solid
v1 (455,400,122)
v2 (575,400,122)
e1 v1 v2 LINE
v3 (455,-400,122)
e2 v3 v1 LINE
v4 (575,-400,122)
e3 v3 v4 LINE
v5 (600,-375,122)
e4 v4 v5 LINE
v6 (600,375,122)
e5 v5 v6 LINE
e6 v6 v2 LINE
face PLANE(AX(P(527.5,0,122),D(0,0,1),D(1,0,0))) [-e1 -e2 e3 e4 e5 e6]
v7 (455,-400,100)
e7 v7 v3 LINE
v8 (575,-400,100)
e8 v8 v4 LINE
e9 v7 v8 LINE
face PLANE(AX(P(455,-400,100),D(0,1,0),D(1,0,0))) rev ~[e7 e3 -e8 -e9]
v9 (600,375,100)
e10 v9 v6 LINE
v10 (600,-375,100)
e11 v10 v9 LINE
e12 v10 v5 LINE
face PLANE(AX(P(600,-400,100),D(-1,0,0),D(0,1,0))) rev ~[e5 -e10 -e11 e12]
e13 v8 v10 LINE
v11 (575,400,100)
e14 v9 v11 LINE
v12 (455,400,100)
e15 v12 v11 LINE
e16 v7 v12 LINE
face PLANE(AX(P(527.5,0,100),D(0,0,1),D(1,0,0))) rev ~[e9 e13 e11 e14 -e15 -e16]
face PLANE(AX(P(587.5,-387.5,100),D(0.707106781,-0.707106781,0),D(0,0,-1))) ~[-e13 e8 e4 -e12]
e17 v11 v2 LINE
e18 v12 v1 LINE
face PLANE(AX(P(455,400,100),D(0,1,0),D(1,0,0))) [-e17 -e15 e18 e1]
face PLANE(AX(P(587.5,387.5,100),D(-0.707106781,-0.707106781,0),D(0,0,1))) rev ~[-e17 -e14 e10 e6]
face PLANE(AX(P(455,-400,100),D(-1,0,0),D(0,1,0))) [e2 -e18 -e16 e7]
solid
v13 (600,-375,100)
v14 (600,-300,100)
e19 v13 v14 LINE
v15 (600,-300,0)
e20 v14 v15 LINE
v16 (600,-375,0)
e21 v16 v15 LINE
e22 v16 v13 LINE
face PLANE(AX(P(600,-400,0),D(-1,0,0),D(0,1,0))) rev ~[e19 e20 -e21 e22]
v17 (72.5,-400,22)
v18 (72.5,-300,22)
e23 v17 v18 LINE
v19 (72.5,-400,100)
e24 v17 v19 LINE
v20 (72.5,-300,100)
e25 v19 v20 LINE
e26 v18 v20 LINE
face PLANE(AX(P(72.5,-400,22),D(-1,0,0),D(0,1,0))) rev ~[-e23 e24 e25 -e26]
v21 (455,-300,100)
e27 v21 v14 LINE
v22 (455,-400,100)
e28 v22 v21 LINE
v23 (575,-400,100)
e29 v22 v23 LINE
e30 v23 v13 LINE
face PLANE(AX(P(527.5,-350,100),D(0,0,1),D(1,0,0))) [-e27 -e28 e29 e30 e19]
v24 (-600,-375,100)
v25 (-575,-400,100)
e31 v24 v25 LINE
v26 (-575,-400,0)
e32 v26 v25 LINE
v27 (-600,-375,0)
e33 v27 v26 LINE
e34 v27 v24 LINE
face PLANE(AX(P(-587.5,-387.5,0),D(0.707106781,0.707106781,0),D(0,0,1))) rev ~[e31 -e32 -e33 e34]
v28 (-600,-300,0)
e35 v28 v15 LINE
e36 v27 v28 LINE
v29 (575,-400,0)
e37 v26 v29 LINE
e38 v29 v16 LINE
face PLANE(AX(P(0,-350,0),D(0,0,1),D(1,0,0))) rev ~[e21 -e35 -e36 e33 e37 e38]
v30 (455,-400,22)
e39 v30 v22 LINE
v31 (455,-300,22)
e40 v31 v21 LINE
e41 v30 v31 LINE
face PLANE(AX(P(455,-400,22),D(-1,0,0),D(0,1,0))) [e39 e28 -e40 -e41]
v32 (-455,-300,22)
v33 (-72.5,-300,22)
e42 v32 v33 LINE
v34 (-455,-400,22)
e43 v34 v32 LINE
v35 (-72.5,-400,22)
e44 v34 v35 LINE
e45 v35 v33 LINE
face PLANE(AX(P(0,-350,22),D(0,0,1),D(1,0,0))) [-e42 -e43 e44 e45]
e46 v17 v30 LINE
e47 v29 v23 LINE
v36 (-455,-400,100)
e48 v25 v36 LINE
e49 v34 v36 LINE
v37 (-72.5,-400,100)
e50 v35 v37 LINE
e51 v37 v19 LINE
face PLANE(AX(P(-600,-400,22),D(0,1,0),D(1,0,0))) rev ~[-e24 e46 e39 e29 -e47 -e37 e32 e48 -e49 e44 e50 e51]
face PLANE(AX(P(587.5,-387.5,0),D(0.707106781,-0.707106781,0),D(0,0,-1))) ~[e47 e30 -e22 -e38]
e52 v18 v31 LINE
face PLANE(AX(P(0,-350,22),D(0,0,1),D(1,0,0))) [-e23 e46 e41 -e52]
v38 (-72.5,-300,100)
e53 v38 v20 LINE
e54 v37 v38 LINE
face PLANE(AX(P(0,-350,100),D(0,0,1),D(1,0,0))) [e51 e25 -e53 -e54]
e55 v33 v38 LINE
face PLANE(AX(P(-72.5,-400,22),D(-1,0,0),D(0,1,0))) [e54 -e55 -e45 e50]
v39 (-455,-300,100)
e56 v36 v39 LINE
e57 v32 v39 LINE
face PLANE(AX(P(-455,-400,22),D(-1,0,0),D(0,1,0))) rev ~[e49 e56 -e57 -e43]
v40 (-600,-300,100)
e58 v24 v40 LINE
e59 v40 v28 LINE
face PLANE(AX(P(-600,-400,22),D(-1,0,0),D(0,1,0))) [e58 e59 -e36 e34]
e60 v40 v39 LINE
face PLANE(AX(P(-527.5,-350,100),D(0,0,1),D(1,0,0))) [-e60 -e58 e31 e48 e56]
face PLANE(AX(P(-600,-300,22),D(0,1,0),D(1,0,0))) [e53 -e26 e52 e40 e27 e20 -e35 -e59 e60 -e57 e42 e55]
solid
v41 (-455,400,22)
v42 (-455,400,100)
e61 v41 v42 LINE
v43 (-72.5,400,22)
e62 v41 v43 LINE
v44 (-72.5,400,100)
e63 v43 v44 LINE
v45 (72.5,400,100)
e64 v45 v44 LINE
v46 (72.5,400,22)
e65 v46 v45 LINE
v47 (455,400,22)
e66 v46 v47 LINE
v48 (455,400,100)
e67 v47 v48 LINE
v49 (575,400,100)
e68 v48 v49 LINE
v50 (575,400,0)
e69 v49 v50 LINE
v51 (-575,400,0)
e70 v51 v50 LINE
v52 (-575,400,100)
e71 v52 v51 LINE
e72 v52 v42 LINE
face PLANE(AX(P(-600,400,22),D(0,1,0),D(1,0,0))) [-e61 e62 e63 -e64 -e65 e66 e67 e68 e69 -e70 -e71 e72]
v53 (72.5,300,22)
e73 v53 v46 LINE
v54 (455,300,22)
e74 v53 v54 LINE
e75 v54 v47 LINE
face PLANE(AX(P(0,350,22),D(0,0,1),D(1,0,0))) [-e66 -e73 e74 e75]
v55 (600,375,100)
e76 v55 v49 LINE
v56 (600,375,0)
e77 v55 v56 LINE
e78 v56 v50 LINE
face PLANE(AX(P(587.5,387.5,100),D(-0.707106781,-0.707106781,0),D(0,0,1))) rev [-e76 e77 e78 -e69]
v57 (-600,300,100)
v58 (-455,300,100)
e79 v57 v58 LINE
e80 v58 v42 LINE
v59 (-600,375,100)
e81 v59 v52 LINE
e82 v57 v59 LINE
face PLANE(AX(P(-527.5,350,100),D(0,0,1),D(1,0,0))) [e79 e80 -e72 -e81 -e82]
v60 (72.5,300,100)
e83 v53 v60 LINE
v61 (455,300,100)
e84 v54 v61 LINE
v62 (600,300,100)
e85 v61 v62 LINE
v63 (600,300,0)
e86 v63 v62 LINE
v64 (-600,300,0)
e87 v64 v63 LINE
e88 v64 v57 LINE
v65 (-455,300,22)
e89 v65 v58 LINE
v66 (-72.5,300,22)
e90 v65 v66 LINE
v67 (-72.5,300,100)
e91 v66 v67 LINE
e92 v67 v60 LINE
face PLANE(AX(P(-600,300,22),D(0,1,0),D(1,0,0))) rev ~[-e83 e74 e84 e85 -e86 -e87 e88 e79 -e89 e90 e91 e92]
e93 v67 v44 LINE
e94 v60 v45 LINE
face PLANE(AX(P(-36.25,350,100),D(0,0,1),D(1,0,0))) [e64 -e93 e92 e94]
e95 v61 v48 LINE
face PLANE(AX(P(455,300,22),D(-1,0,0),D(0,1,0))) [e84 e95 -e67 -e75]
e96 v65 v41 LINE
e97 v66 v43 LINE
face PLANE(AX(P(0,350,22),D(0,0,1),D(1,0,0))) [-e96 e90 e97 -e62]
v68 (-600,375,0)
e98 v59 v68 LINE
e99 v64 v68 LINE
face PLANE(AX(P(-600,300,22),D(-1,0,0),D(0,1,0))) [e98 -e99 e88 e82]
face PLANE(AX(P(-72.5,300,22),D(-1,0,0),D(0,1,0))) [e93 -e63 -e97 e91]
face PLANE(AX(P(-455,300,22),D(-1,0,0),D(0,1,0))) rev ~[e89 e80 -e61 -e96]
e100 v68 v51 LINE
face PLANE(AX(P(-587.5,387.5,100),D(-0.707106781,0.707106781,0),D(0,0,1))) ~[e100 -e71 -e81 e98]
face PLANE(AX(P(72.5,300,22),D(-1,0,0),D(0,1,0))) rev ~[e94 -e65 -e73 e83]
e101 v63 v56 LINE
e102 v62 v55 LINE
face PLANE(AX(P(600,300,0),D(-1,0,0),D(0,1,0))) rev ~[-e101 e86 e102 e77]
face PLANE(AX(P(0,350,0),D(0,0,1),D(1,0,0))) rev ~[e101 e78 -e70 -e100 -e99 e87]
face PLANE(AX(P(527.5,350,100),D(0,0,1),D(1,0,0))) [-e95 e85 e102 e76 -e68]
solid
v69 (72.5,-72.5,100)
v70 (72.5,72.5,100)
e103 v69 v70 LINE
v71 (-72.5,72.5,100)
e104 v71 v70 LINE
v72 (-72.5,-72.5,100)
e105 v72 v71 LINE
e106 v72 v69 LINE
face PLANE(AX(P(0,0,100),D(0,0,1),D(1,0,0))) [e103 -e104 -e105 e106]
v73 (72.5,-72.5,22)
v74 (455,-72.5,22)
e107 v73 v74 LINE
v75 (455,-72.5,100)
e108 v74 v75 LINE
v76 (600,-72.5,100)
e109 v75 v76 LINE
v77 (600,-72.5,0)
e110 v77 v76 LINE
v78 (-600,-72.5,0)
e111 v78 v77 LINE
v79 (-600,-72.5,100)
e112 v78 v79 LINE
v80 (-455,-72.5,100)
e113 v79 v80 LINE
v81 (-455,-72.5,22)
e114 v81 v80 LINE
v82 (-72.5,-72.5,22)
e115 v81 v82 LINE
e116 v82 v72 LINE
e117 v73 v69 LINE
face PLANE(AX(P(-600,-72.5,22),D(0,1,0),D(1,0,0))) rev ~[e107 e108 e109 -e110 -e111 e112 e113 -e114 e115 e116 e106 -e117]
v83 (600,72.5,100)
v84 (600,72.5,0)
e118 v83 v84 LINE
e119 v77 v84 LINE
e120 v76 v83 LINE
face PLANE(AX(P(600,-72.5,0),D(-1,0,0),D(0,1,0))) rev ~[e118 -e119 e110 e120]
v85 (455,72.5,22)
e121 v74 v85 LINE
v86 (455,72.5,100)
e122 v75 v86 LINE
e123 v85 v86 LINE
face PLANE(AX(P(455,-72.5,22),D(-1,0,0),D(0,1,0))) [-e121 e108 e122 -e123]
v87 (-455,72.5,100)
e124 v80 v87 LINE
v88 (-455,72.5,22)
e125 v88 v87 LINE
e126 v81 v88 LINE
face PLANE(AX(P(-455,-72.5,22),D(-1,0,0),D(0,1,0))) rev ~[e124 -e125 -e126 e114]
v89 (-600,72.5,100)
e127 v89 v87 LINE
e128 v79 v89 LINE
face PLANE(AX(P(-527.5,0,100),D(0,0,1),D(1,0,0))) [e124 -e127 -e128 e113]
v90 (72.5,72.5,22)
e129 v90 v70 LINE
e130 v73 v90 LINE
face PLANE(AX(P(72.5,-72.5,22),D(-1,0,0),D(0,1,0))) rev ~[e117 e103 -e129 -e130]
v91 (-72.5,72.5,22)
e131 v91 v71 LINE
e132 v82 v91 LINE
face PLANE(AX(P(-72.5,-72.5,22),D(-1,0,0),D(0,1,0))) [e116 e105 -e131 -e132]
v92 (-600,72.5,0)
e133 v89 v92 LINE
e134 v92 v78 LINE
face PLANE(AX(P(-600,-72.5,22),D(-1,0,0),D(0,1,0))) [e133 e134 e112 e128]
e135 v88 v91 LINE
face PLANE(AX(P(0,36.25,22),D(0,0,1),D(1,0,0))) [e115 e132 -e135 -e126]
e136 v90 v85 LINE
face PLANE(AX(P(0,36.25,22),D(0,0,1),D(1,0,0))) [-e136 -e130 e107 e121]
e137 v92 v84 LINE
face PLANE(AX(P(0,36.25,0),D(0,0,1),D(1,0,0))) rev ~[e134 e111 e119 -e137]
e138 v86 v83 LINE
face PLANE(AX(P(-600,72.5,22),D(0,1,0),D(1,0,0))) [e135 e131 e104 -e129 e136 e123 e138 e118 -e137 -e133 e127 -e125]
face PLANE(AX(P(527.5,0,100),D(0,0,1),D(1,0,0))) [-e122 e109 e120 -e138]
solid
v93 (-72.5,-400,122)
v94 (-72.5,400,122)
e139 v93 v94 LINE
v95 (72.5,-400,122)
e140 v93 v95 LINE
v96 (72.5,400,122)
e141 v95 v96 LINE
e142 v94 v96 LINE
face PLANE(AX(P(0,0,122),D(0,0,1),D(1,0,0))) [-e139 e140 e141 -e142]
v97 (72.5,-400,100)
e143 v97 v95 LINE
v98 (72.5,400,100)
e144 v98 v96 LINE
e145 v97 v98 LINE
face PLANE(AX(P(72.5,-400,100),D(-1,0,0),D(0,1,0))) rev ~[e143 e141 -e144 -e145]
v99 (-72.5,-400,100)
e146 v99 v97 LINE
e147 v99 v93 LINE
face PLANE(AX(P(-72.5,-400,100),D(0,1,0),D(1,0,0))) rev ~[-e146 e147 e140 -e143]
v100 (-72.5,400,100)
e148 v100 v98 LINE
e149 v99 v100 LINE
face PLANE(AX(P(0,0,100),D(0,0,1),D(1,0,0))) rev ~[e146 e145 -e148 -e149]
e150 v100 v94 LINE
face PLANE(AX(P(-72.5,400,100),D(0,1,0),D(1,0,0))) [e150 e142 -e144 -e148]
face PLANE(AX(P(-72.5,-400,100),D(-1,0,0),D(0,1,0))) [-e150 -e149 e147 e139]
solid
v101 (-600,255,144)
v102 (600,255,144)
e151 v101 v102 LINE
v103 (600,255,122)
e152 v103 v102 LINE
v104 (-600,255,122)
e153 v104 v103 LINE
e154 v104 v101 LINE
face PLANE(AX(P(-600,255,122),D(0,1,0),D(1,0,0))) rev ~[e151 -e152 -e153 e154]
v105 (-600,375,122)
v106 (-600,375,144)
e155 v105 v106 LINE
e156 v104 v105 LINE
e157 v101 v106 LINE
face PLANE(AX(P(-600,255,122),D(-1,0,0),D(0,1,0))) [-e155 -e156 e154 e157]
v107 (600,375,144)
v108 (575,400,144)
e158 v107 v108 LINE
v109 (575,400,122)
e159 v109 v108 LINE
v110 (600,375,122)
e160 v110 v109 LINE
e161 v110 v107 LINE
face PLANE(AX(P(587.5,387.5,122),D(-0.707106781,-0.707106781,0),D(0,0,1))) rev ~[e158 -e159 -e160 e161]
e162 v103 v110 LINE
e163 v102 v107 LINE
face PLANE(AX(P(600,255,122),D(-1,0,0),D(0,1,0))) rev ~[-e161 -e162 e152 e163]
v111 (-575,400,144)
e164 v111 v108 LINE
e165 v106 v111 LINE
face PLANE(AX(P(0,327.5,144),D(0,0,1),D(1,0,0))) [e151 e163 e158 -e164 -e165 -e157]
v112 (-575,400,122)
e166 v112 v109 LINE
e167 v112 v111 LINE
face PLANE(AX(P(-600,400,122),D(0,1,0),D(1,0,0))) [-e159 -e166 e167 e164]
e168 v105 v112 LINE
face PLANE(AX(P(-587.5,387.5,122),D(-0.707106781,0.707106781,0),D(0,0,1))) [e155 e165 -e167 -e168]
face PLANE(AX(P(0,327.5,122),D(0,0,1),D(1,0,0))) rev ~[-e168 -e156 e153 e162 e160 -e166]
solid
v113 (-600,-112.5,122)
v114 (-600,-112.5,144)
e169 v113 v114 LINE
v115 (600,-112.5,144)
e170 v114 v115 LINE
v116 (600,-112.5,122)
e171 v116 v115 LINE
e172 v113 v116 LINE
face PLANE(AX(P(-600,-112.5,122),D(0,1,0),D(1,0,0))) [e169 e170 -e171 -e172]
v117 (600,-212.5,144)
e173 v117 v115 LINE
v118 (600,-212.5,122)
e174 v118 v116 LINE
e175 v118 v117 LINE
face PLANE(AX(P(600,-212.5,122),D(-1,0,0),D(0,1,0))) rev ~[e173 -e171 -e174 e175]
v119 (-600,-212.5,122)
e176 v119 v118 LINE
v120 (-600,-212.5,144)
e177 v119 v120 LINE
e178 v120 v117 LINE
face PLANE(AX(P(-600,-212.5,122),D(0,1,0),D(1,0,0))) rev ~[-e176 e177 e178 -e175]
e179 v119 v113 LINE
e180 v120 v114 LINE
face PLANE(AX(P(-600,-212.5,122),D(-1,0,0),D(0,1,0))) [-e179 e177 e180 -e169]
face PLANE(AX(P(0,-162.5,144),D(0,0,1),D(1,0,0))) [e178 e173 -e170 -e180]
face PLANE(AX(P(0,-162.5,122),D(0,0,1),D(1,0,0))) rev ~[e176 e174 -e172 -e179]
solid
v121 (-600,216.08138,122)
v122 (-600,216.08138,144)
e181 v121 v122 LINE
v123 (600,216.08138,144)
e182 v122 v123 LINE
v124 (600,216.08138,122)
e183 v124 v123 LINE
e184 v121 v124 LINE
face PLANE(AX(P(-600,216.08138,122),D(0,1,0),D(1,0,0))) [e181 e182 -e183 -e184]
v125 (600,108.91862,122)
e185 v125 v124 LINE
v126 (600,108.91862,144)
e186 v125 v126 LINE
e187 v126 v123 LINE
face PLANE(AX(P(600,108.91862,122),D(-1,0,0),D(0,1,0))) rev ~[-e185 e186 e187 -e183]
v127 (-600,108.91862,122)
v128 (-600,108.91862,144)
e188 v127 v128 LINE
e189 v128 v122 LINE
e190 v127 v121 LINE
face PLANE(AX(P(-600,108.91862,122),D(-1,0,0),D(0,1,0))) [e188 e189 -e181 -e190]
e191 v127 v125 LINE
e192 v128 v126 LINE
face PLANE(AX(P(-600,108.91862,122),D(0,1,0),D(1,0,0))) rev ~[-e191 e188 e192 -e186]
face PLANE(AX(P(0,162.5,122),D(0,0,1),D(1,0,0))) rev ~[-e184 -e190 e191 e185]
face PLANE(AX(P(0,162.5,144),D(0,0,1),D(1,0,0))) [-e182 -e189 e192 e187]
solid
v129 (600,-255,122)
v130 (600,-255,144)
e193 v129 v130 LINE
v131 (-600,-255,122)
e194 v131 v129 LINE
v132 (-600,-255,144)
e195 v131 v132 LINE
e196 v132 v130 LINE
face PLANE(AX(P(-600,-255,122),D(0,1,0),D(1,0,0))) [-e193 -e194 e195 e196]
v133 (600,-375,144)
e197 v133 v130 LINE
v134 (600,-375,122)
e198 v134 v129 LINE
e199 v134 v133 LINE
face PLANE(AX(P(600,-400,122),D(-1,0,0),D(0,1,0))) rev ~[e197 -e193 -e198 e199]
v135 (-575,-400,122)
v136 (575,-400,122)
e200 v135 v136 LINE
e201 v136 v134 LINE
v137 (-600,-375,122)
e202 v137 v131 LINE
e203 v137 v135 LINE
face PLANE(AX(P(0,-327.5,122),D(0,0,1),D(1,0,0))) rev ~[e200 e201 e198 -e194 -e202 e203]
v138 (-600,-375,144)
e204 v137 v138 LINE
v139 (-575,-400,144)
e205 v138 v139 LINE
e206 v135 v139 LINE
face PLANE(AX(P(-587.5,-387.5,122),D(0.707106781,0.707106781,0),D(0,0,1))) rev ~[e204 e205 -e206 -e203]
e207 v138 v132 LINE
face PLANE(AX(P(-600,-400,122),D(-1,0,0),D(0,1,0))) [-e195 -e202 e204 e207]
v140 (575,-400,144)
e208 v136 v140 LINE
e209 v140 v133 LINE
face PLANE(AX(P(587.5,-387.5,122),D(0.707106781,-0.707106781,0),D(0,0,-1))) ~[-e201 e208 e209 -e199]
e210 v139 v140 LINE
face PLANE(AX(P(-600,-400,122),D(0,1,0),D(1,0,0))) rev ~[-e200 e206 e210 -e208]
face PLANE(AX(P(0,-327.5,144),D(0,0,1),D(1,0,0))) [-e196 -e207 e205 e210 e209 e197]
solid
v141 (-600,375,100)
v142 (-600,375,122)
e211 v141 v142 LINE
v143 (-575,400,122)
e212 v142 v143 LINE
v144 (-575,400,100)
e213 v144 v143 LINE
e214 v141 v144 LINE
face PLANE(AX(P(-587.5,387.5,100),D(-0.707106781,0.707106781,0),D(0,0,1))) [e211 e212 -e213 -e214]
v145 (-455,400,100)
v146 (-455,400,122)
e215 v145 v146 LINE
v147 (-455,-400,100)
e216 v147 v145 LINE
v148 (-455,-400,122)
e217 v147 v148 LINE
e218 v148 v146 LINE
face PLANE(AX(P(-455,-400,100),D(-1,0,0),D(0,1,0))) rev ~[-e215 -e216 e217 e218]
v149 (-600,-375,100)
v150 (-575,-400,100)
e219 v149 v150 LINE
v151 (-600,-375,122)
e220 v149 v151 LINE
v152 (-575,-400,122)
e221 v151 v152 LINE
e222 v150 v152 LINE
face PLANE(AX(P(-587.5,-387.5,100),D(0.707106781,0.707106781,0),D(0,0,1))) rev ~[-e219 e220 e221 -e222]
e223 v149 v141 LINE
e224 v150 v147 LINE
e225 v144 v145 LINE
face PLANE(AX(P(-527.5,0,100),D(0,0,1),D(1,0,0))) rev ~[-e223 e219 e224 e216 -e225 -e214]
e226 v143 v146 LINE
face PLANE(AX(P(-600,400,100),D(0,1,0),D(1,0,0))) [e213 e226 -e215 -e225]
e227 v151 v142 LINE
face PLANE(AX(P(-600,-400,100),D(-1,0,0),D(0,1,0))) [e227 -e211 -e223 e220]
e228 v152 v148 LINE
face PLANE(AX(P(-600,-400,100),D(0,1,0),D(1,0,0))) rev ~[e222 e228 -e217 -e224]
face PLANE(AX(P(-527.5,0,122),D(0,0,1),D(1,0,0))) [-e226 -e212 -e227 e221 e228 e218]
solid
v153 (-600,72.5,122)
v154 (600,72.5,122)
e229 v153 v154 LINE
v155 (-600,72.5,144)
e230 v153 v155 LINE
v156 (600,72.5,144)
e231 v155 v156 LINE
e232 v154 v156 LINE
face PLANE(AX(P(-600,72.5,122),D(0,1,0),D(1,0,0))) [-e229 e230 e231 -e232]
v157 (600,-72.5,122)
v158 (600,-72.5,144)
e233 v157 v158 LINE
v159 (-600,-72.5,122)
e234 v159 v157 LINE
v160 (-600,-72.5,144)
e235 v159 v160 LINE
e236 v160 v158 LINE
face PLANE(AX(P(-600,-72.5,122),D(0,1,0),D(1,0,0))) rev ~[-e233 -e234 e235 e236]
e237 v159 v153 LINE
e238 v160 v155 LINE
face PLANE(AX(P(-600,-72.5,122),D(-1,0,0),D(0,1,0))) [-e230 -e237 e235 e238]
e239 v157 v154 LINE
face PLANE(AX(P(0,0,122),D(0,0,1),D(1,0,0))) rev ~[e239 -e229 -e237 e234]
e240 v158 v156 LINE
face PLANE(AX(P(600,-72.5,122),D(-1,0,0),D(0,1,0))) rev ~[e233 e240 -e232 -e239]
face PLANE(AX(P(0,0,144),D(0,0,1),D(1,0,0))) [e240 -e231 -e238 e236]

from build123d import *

# Parameters (mm, degrees)
F0_W       = 1200
F0_H       = 100
F0_H_2     = 72.5
F1_DEPTH   = 22
F2_W       = 145
F2_H       = 100
F2_W_2     = 72.5
F3_DEPTH   = 78
F4_W       = 145
F4_H       = 145
F5_DEPTH   = 78
F6_W       = 145
F6_H       = 100
F7_DEPTH   = 78
F8_W       = 145
F8_H       = 800
F9_DEPTH   = 22
F10_W      = 145
F10_H      = 800
F11_DEPTH  = 22
F12_W      = 145
F12_H      = 800
F13_DEPTH  = 22
F14_W      = 1200
F14_H      = 145
F15_DEPTH  = 22
F16_W      = 1200
F16_H      = 145
F17_DEPTH  = 22
F18_W      = 1200
F18_H      = 145
F19_DEPTH  = 22
F20_W      = 1200
F20_H      = 107.16276
F21_DEPTH  = 22
F22_W      = 1200
F22_H      = 100
F23_DEPTH  = 22
F24_SIZE   = 25
F24_2_SIZE = 25
F24_3_SIZE = 25
F24_4_SIZE = 25
F24_5_SIZE = 25


with BuildPart() as f1:
    # F0 (on Top) → F1 (new body)
    with BuildSketch(Plane.XY):
        with Locations((0, 350)):
            Rectangle(F0_W, F0_H)
        with Locations((0, 36.25)):
            Rectangle(F0_W, F0_H_2)
        with Locations((0, -36.25)):
            Rectangle(F0_W, F0_H_2)
        with Locations((0, -350)):
            Rectangle(F0_W, F0_H)
    extrude(amount=F1_DEPTH)

    # F2 (on face) → F3 (join)
    with BuildSketch(Plane.XY.offset(22)):
        with Locations((-527.5, 350)):
            Rectangle(F2_W, F2_H)
        with Locations((-36.25, 350)):
            Rectangle(F2_W_2, F2_H)
        with Locations((36.25, 350)):
            Rectangle(F2_W_2, F2_H)
        with Locations((527.5, 350)):
            Rectangle(F2_W, F2_H)
    extrude(amount=F3_DEPTH)

    # F4 (on face) → F5 (join)
    with BuildSketch(Plane.XY.offset(22)):
        with Locations((-527.5, 0)):
            Rectangle(F4_W, F4_H)
        Rectangle(F4_W, F4_H)
        with Locations((527.5, 0)):
            Rectangle(F4_W, F4_H)
    extrude(amount=F5_DEPTH)

    # F6 (on face) → F7 (join)
    with BuildSketch(Plane.XY.offset(22)):
        with Locations((-527.5, -350)):
            Rectangle(F6_W, F6_H)
        with Locations((0, -350)):
            Rectangle(F6_W, F6_H)
        with Locations((527.5, -350)):
            Rectangle(F6_W, F6_H)
    extrude(amount=F7_DEPTH)

    # F24#3
    f24_3_edges = [f1.edges().sort_by_distance(p)[0] for p in [
        (-600, -400, 50),
        (600, -400, 50),
        (600, 400, 50),
        (-600, 400, 50),
    ]]
    chamfer(f24_3_edges, length=F24_3_SIZE)


with BuildPart() as f9:
    # F8 (on face) → F9 (new body)
    with BuildSketch(Plane.XY.offset(100)):
        with Locations((-527.5, 0)):
            Rectangle(F8_W, F8_H)
    extrude(amount=F9_DEPTH)

    # F24#2
    f24_2_edges = [f9.edges().sort_by_distance(p)[0] for p in [
        (-600, -400, 111),
        (-600, 400, 111),
    ]]
    chamfer(f24_2_edges, length=F24_2_SIZE)


with BuildPart() as f11:
    # F10 (on face) → F11 (new body)
    with BuildSketch(Plane.XY.offset(100)):
        Rectangle(F10_W, F10_H)
    extrude(amount=F11_DEPTH)


with BuildPart() as f13:
    # F12 (on face) → F13 (new body)
    with BuildSketch(Plane.XY.offset(100)):
        with Locations((527.5, 0)):
            Rectangle(F12_W, F12_H)
    extrude(amount=F13_DEPTH)

    # F24#4
    f24_4_edges = [f13.edges().sort_by_distance(p)[0] for p in [
        (600, -400, 111),
        (600, 400, 111),
    ]]
    chamfer(f24_4_edges, length=F24_4_SIZE)


with BuildPart() as f15:
    # F14 (on face) → F15 (new body)
    with BuildSketch(Plane.XY.offset(122)):
        with Locations((0, 327.5)):
            Rectangle(F14_W, F14_H)
    extrude(amount=F15_DEPTH)

    # F24#5
    f24_5_edges = [f15.edges().sort_by_distance(p)[0] for p in [
        (600, 400, 133),
        (-600, 400, 133),
    ]]
    chamfer(f24_5_edges, length=F24_5_SIZE)


with BuildPart() as f17:
    # F16 (on face) → F17 (new body)
    with BuildSketch(Plane.XY.offset(122)):
        Rectangle(F16_W, F16_H)
    extrude(amount=F17_DEPTH)


with BuildPart() as f19:
    # F18 (on face) → F19 (new body)
    with BuildSketch(Plane.XY.offset(122)):
        with Locations((0, -327.5)):
            Rectangle(F18_W, F18_H)
    extrude(amount=F19_DEPTH)

    # F24
    f24_edges = [f19.edges().sort_by_distance(p)[0] for p in [
        (-600, -400, 133),
        (600, -400, 133),
    ]]
    chamfer(f24_edges, length=F24_SIZE)


with BuildPart() as f21:
    # F20 (on face) → F21 (new body)
    with BuildSketch(Plane.XY.offset(122)):
        with Locations((0, 162.5)):
            Rectangle(F20_W, F20_H)
    extrude(amount=F21_DEPTH)


with BuildPart() as f23:
    # F22 (on face) → F23 (new body)
    with BuildSketch(Plane.XY.offset(122)):
        with Locations((0, -162.5)):
            Rectangle(F22_W, F22_H)
    extrude(amount=F23_DEPTH)


solid = Compound([f1.part, f9.part, f11.part, f13.part, f15.part, f17.part, f19.part, f21.part, f23.part])
